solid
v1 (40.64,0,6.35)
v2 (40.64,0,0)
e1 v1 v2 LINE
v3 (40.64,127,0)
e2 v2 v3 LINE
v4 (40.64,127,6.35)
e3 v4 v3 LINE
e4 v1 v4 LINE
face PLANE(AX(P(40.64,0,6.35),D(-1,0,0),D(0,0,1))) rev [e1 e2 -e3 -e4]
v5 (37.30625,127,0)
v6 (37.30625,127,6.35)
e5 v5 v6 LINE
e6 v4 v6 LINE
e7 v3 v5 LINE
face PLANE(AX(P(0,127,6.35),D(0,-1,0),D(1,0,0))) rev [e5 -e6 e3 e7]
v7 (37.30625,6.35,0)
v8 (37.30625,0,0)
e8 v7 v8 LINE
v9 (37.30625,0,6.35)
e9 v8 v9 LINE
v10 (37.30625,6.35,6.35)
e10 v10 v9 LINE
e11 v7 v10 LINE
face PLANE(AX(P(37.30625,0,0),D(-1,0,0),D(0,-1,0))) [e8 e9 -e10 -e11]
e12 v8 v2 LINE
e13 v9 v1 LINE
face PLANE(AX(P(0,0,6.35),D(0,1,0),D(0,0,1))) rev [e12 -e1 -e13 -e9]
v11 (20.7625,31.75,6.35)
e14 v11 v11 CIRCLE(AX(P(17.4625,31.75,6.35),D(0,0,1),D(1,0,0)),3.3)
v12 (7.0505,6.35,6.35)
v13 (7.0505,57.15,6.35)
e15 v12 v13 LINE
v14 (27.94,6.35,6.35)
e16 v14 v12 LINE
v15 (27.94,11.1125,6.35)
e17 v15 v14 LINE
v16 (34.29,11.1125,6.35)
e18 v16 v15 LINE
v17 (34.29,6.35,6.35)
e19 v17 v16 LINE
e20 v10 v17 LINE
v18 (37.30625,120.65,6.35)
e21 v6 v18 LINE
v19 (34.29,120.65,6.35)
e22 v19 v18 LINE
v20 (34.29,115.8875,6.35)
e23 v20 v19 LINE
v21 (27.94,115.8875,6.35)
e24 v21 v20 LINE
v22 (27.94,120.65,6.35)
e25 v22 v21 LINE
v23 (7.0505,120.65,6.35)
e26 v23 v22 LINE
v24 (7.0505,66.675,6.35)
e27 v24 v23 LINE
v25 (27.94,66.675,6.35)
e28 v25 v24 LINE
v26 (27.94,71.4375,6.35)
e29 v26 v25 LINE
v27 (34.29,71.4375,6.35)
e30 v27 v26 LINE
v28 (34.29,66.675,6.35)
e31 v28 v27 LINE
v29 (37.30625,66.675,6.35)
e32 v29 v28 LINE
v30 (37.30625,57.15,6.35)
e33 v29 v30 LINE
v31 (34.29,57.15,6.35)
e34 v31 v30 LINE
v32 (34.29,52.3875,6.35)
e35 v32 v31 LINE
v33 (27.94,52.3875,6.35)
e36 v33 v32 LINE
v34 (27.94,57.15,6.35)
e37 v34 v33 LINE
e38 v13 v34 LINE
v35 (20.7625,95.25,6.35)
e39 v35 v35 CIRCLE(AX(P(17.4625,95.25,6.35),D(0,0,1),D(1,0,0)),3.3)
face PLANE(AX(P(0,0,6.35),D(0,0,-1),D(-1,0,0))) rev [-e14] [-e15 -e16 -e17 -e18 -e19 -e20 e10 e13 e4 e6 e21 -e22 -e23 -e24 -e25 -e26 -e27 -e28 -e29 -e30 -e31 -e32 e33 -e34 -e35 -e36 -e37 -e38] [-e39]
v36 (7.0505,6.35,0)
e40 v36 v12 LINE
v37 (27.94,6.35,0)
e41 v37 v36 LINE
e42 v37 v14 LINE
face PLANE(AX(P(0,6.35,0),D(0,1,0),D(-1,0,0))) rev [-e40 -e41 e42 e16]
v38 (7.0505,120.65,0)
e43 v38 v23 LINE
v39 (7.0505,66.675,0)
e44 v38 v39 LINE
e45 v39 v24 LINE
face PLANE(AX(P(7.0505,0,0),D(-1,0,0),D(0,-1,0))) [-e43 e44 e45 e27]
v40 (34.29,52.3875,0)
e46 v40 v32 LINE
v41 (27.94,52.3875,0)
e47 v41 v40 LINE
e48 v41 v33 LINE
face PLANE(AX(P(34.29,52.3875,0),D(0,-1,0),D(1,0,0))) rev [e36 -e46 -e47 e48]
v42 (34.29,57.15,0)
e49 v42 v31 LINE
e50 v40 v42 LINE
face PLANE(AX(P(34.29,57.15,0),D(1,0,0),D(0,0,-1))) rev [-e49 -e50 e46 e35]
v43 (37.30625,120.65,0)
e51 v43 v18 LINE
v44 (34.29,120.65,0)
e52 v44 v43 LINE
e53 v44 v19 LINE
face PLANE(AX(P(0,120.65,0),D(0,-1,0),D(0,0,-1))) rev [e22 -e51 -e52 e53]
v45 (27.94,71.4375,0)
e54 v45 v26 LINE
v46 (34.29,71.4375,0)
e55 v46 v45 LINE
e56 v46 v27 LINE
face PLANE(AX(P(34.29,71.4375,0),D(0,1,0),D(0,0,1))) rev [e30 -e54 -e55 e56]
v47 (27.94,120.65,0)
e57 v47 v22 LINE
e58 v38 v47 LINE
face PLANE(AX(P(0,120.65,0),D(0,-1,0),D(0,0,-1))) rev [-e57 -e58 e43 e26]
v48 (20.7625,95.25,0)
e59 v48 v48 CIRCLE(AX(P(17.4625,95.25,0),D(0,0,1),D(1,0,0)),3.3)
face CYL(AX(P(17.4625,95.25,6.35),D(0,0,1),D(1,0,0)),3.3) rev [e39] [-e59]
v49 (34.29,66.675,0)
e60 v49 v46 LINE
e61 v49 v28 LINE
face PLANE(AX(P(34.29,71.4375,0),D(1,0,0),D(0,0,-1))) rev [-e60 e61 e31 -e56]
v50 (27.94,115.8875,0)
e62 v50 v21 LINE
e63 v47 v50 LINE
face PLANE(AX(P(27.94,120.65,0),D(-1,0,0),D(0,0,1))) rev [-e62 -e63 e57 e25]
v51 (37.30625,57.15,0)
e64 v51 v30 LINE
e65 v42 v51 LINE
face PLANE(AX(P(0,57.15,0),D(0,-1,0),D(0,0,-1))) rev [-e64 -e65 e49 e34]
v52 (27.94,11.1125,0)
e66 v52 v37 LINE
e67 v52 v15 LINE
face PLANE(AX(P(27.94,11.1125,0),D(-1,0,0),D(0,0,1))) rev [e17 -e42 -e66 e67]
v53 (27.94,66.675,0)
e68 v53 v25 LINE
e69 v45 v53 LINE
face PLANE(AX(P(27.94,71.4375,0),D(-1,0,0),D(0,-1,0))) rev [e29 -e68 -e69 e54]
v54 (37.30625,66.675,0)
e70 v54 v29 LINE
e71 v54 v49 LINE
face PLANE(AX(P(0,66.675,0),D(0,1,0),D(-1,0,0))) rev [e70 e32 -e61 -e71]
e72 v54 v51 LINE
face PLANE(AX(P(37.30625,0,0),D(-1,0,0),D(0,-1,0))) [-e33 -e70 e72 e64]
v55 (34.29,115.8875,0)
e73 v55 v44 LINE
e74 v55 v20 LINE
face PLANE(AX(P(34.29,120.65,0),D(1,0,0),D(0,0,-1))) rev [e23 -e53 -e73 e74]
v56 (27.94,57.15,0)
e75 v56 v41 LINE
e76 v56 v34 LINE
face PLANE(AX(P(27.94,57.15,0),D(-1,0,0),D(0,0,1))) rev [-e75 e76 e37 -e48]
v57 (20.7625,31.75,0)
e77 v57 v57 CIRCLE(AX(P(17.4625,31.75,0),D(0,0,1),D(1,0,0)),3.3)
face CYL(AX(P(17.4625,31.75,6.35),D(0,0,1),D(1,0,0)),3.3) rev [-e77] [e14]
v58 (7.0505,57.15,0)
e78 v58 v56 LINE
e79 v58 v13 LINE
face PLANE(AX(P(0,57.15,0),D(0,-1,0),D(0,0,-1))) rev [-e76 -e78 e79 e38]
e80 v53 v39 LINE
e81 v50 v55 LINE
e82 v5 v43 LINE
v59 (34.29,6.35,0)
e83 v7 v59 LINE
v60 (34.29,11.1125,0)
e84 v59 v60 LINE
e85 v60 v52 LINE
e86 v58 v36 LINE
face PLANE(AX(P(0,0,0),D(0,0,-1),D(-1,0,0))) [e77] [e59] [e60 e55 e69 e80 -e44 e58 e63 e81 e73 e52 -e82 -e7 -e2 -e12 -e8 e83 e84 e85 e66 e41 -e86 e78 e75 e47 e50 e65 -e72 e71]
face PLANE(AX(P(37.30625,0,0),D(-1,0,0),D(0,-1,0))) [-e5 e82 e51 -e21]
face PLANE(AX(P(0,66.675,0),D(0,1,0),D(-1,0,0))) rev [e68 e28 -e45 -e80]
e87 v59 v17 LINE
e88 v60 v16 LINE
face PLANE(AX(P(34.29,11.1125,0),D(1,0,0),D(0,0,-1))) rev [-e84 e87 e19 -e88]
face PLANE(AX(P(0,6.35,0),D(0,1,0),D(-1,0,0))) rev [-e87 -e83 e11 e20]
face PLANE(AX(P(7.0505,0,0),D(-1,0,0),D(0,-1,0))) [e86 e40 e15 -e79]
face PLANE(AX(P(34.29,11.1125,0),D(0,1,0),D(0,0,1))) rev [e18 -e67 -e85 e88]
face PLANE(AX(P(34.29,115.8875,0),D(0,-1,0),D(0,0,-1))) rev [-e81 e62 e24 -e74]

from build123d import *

# Parameters (mm, degrees)
SKETCH2_W               = 40.64
SKETCH2_H               = 127
BOSS_EXTRUDE1_DEPTH     = 6.35
M6_CLEARANCE_HOLE1_D    = 6.6
CUT_EXTRUDE1_DEPTH      = 134.495063954
CUT_EXTRUDE1_DEPTH_BACK = 134.495063954
SKETCH5_W               = 7.0505
SKETCH5_H               = 127
SKETCH6_W               = 27.8745
SKETCH6_H               = 3.175
CUT_EXTRUDE2_DEPTH      = 134.495063954
SKETCH7_W               = 6.35
SKETCH7_H               = 4.7625
CUT_EXTRUDE3_DEPTH      = 134.495063954


with BuildPart() as part:
    # Sketch2 → Boss-Extrude1 (new body)
    with BuildSketch(Plane.XY):
        with Locations((20.32, 63.5)):
            Rectangle(SKETCH2_W, SKETCH2_H)
    extrude(amount=BOSS_EXTRUDE1_DEPTH)

    # M6 Clearance Hole1 (through all)
    with Locations(Plane.XY.offset(6.35)):
        with Locations((17.4625, 31.75), (17.4625, 95.25)):
            Hole(M6_CLEARANCE_HOLE1_D / 2)

    # Sketch5 → Cut-Extrude1 (cut, two sides: drawn at the far end of the back side and taken through both)
    with BuildSketch(Plane.XY.offset(6.35).offset(-CUT_EXTRUDE1_DEPTH_BACK)):
        with Locations((3.52525, 63.5)):
            Rectangle(SKETCH5_W, SKETCH5_H)
    extrude(amount=CUT_EXTRUDE1_DEPTH + CUT_EXTRUDE1_DEPTH_BACK, mode=Mode.SUBTRACT)

    # Sketch6 → Cut-Extrude2 (cut, through all)
    with BuildSketch(Plane.XY.offset(6.35)):
        Polygon((7.0505, 123.825), (7.0505, 120.65), (37.30625, 120.65), (37.30625, 127), (34.925, 127), (34.925, 123.825), align=None)
        with Locations((20.98775, 125.4125)):
            Rectangle(SKETCH6_W, SKETCH6_H)
        Polygon((37.30625, 66.675), (7.0505, 66.675), (7.0505, 63.5), (34.925, 63.5), (34.925, 60.325), (7.0505, 60.325), (7.0505, 57.15), (37.30625, 57.15), align=None)
        with Locations((20.98775, 61.9125)):
            Rectangle(SKETCH6_W, SKETCH6_H)
        Polygon((37.30625, 0), (37.30625, 6.35), (7.0505, 6.35), (7.0505, 3.175), (34.925, 3.175), (34.925, 0), align=None)
        with Locations((20.98775, 1.5875)):
            Rectangle(SKETCH6_W, SKETCH6_H)
    extrude(amount=-CUT_EXTRUDE2_DEPTH, mode=Mode.SUBTRACT)

    # Sketch7 → Cut-Extrude3 (cut, through all)
    with BuildSketch(Plane.XY.offset(6.35)):
        with Locations((31.115, 118.26875)):
            Rectangle(SKETCH7_W, SKETCH7_H)
        with Locations((31.115, 69.05625)):
            Rectangle(SKETCH7_W, SKETCH7_H)
        with Locations((31.115, 54.76875)):
            Rectangle(SKETCH7_W, SKETCH7_H)
        with Locations((31.115, 8.73125)):
            Rectangle(SKETCH7_W, SKETCH7_H)
    extrude(amount=-CUT_EXTRUDE3_DEPTH, mode=Mode.SUBTRACT)


solid = part.part
